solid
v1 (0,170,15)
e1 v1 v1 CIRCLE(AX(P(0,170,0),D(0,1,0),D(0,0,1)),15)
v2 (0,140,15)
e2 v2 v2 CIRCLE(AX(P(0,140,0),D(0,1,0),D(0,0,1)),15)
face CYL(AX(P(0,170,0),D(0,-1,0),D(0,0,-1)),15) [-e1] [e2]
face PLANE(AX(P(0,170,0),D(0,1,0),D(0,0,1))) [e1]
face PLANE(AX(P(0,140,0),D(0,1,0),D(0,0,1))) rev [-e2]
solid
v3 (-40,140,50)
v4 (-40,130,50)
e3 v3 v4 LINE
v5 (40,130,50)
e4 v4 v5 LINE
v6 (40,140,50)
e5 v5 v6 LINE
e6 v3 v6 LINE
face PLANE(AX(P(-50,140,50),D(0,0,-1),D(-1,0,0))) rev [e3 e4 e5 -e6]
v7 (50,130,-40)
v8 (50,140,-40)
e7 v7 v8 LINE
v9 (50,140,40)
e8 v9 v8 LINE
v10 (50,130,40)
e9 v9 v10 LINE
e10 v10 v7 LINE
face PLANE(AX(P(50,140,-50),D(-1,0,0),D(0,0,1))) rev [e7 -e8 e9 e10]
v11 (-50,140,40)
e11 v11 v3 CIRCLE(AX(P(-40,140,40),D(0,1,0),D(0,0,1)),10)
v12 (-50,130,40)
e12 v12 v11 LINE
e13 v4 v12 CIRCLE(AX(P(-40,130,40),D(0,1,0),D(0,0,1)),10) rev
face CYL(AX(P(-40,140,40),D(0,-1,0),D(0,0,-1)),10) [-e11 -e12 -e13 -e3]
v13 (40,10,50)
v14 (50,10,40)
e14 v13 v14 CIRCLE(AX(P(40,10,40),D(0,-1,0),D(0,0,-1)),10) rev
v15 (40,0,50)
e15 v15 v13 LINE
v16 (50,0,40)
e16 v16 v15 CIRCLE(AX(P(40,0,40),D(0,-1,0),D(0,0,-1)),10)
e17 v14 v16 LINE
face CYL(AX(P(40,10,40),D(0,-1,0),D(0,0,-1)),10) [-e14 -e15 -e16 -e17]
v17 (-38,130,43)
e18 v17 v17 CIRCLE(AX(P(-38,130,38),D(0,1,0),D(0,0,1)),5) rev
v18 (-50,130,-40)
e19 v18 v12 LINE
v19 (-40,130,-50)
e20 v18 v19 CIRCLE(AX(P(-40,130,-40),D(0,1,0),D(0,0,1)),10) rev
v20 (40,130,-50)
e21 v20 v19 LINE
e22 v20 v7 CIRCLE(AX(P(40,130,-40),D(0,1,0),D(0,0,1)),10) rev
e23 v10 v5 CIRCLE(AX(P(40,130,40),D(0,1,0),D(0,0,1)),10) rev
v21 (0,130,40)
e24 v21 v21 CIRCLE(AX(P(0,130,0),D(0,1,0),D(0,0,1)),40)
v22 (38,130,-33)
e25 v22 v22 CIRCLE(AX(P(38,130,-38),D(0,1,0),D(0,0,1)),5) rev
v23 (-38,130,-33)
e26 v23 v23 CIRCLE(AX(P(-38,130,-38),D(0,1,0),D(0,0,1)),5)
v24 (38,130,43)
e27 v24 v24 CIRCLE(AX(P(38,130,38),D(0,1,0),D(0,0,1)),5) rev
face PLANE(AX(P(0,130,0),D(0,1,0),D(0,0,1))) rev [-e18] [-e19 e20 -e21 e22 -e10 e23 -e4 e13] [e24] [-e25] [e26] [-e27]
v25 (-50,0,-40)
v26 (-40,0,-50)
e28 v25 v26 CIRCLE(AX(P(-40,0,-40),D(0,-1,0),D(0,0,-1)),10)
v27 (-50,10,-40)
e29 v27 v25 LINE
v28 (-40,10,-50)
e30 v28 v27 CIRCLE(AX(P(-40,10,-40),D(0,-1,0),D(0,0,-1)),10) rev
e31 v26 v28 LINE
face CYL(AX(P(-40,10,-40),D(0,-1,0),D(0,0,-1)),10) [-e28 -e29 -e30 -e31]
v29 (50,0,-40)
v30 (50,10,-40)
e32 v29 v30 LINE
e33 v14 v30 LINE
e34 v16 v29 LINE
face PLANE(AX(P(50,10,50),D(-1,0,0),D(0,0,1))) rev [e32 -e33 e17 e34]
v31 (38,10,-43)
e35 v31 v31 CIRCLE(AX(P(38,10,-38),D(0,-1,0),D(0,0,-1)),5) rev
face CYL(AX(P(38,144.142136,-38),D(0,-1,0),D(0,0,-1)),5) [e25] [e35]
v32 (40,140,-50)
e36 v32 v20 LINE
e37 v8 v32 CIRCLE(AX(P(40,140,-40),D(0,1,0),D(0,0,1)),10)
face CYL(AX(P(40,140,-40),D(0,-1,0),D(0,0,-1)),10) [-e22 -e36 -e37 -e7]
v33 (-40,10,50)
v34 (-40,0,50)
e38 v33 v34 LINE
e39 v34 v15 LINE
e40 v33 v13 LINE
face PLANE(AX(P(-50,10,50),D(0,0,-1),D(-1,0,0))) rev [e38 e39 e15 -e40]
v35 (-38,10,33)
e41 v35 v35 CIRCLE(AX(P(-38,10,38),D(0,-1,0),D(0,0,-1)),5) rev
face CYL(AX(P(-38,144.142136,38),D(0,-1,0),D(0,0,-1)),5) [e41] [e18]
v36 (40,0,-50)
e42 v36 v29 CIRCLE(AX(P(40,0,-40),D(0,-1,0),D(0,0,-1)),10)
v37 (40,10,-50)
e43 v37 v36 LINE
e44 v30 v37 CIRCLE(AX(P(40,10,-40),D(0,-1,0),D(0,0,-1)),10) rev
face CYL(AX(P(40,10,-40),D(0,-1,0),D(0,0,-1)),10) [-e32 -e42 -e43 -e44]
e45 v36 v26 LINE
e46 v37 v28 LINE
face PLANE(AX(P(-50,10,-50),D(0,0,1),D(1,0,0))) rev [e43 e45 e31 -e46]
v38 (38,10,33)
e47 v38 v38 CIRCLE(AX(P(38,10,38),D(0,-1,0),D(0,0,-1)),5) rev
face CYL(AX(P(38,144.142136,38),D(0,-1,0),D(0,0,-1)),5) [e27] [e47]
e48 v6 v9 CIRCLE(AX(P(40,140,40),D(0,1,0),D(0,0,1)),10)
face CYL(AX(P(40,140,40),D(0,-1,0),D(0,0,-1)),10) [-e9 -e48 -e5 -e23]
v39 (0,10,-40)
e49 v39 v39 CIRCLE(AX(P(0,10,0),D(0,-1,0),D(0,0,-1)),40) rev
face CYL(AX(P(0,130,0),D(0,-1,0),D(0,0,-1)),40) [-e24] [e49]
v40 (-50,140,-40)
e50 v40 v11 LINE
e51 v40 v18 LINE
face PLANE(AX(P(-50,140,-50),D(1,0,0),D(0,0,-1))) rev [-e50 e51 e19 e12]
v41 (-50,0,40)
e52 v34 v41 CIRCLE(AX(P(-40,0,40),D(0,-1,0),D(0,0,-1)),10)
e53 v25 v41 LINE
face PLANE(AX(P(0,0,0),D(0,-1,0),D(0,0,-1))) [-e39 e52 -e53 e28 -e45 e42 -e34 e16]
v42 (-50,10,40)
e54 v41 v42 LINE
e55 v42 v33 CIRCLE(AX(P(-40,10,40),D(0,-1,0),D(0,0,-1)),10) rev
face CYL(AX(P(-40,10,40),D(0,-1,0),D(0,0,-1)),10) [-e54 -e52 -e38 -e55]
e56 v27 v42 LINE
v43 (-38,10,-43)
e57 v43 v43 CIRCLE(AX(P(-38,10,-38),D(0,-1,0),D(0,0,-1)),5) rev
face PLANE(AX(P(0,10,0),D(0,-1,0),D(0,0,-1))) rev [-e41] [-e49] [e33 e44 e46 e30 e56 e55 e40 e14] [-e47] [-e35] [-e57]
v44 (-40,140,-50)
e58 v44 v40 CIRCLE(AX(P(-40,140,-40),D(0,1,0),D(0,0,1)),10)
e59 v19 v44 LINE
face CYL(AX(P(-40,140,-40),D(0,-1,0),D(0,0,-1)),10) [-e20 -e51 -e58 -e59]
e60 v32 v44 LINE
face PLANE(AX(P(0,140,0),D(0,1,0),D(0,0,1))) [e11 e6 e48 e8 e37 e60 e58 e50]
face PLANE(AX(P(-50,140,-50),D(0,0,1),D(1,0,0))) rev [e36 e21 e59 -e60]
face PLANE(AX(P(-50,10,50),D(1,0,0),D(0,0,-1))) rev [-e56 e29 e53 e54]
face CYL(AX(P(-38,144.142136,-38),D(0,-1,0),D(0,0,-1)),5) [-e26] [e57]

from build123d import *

# Parameters (mm, degrees)
SKETCH1_W           = 100
SKETCH1_H           = 100
BOSS_EXTRUDE1_DEPTH = 10
SKETCH2_R           = 40
BOSS_EXTRUDE2_DEPTH = 120
SKETCH3_W           = 100
SKETCH3_H           = 100
BOSS_EXTRUDE3_DEPTH = 10
SKETCH4_R           = 15
BOSS_EXTRUDE4_DEPTH = 30
SKETCH5_R           = 5
BOSS_EXTRUDE5_DEPTH = 120
FILLET1_R           = 10


with BuildPart() as part:
    # Sketch1 → Boss-Extrude1 (new body)
    with BuildSketch(Plane(origin=(0, 0, 0), x_dir=(1, 0, 0), z_dir=(0, 1, 0))):
        Rectangle(SKETCH1_W, SKETCH1_H)
    extrude(amount=BOSS_EXTRUDE1_DEPTH)



with BuildPart() as body_2:
    # Sketch2 → Boss-Extrude2 (new body)
    with BuildSketch(Plane(origin=(0, 10, 0), x_dir=(1, 0, 0), z_dir=(0, 1, 0))):
        with Locations(Location((0, 0, 0), (0, 0, 270))):
            Circle(SKETCH2_R)
    extrude(amount=BOSS_EXTRUDE2_DEPTH)


with BuildPart() as body_3:
    # Sketch3 → Boss-Extrude3 (new body)
    with BuildSketch(Plane(origin=(0, 130, 0), x_dir=(1, 0, 0), z_dir=(0, 1, 0))):
        Rectangle(SKETCH3_W, SKETCH3_H)
    extrude(amount=BOSS_EXTRUDE3_DEPTH)


with BuildPart() as body_4:
    # Sketch4 → Boss-Extrude4 (new body)
    with BuildSketch(Plane(origin=(0, 140, 0), x_dir=(1, 0, 0), z_dir=(0, 1, 0))):
        with Locations(Location((0, 0, 0), (0, 0, 270))):
            Circle(SKETCH4_R)
    extrude(amount=BOSS_EXTRUDE4_DEPTH)


with BuildPart() as part_1:
    add(part.part)

    add(body_2.part)  # Boss-Extrude5 merges body 2

    add(body_3.part)  # Boss-Extrude5 merges body 3
    # Sketch5 → Boss-Extrude5 (add)
    with BuildSketch(Plane(origin=(0, 10, 0), x_dir=(1, 0, 0), z_dir=(0, 1, 0))):
        with Locations(Location((-38, 38, 0), (0, 0, 90))):
            Circle(SKETCH5_R)
        with Locations(Location((38, 38, 0), (0, 0, 90))):
            Circle(SKETCH5_R)
        with Locations(Location((38, -38, 0), (0, 0, 90))):
            Circle(SKETCH5_R)
        with Locations(Location((-38, -38, 0), (0, 0, 90))):
            Circle(SKETCH5_R)
    extrude(amount=BOSS_EXTRUDE5_DEPTH)

    # Fillet1
    fillet1_edges = [part_1.edges().sort_by_distance(p)[0] for p in [
        (-50, 135, -50),
        (-50, 135, 50),
        (50, 135, 50),
        (50, 135, -50),
        (50, 5, 50),
        (-50, 5, 50),
        (-50, 5, -50),
        (50, 5, -50),
    ]]
    fillet(fillet1_edges, radius=FILLET1_R)


solid = Compound([body_4.part, part_1.part])
